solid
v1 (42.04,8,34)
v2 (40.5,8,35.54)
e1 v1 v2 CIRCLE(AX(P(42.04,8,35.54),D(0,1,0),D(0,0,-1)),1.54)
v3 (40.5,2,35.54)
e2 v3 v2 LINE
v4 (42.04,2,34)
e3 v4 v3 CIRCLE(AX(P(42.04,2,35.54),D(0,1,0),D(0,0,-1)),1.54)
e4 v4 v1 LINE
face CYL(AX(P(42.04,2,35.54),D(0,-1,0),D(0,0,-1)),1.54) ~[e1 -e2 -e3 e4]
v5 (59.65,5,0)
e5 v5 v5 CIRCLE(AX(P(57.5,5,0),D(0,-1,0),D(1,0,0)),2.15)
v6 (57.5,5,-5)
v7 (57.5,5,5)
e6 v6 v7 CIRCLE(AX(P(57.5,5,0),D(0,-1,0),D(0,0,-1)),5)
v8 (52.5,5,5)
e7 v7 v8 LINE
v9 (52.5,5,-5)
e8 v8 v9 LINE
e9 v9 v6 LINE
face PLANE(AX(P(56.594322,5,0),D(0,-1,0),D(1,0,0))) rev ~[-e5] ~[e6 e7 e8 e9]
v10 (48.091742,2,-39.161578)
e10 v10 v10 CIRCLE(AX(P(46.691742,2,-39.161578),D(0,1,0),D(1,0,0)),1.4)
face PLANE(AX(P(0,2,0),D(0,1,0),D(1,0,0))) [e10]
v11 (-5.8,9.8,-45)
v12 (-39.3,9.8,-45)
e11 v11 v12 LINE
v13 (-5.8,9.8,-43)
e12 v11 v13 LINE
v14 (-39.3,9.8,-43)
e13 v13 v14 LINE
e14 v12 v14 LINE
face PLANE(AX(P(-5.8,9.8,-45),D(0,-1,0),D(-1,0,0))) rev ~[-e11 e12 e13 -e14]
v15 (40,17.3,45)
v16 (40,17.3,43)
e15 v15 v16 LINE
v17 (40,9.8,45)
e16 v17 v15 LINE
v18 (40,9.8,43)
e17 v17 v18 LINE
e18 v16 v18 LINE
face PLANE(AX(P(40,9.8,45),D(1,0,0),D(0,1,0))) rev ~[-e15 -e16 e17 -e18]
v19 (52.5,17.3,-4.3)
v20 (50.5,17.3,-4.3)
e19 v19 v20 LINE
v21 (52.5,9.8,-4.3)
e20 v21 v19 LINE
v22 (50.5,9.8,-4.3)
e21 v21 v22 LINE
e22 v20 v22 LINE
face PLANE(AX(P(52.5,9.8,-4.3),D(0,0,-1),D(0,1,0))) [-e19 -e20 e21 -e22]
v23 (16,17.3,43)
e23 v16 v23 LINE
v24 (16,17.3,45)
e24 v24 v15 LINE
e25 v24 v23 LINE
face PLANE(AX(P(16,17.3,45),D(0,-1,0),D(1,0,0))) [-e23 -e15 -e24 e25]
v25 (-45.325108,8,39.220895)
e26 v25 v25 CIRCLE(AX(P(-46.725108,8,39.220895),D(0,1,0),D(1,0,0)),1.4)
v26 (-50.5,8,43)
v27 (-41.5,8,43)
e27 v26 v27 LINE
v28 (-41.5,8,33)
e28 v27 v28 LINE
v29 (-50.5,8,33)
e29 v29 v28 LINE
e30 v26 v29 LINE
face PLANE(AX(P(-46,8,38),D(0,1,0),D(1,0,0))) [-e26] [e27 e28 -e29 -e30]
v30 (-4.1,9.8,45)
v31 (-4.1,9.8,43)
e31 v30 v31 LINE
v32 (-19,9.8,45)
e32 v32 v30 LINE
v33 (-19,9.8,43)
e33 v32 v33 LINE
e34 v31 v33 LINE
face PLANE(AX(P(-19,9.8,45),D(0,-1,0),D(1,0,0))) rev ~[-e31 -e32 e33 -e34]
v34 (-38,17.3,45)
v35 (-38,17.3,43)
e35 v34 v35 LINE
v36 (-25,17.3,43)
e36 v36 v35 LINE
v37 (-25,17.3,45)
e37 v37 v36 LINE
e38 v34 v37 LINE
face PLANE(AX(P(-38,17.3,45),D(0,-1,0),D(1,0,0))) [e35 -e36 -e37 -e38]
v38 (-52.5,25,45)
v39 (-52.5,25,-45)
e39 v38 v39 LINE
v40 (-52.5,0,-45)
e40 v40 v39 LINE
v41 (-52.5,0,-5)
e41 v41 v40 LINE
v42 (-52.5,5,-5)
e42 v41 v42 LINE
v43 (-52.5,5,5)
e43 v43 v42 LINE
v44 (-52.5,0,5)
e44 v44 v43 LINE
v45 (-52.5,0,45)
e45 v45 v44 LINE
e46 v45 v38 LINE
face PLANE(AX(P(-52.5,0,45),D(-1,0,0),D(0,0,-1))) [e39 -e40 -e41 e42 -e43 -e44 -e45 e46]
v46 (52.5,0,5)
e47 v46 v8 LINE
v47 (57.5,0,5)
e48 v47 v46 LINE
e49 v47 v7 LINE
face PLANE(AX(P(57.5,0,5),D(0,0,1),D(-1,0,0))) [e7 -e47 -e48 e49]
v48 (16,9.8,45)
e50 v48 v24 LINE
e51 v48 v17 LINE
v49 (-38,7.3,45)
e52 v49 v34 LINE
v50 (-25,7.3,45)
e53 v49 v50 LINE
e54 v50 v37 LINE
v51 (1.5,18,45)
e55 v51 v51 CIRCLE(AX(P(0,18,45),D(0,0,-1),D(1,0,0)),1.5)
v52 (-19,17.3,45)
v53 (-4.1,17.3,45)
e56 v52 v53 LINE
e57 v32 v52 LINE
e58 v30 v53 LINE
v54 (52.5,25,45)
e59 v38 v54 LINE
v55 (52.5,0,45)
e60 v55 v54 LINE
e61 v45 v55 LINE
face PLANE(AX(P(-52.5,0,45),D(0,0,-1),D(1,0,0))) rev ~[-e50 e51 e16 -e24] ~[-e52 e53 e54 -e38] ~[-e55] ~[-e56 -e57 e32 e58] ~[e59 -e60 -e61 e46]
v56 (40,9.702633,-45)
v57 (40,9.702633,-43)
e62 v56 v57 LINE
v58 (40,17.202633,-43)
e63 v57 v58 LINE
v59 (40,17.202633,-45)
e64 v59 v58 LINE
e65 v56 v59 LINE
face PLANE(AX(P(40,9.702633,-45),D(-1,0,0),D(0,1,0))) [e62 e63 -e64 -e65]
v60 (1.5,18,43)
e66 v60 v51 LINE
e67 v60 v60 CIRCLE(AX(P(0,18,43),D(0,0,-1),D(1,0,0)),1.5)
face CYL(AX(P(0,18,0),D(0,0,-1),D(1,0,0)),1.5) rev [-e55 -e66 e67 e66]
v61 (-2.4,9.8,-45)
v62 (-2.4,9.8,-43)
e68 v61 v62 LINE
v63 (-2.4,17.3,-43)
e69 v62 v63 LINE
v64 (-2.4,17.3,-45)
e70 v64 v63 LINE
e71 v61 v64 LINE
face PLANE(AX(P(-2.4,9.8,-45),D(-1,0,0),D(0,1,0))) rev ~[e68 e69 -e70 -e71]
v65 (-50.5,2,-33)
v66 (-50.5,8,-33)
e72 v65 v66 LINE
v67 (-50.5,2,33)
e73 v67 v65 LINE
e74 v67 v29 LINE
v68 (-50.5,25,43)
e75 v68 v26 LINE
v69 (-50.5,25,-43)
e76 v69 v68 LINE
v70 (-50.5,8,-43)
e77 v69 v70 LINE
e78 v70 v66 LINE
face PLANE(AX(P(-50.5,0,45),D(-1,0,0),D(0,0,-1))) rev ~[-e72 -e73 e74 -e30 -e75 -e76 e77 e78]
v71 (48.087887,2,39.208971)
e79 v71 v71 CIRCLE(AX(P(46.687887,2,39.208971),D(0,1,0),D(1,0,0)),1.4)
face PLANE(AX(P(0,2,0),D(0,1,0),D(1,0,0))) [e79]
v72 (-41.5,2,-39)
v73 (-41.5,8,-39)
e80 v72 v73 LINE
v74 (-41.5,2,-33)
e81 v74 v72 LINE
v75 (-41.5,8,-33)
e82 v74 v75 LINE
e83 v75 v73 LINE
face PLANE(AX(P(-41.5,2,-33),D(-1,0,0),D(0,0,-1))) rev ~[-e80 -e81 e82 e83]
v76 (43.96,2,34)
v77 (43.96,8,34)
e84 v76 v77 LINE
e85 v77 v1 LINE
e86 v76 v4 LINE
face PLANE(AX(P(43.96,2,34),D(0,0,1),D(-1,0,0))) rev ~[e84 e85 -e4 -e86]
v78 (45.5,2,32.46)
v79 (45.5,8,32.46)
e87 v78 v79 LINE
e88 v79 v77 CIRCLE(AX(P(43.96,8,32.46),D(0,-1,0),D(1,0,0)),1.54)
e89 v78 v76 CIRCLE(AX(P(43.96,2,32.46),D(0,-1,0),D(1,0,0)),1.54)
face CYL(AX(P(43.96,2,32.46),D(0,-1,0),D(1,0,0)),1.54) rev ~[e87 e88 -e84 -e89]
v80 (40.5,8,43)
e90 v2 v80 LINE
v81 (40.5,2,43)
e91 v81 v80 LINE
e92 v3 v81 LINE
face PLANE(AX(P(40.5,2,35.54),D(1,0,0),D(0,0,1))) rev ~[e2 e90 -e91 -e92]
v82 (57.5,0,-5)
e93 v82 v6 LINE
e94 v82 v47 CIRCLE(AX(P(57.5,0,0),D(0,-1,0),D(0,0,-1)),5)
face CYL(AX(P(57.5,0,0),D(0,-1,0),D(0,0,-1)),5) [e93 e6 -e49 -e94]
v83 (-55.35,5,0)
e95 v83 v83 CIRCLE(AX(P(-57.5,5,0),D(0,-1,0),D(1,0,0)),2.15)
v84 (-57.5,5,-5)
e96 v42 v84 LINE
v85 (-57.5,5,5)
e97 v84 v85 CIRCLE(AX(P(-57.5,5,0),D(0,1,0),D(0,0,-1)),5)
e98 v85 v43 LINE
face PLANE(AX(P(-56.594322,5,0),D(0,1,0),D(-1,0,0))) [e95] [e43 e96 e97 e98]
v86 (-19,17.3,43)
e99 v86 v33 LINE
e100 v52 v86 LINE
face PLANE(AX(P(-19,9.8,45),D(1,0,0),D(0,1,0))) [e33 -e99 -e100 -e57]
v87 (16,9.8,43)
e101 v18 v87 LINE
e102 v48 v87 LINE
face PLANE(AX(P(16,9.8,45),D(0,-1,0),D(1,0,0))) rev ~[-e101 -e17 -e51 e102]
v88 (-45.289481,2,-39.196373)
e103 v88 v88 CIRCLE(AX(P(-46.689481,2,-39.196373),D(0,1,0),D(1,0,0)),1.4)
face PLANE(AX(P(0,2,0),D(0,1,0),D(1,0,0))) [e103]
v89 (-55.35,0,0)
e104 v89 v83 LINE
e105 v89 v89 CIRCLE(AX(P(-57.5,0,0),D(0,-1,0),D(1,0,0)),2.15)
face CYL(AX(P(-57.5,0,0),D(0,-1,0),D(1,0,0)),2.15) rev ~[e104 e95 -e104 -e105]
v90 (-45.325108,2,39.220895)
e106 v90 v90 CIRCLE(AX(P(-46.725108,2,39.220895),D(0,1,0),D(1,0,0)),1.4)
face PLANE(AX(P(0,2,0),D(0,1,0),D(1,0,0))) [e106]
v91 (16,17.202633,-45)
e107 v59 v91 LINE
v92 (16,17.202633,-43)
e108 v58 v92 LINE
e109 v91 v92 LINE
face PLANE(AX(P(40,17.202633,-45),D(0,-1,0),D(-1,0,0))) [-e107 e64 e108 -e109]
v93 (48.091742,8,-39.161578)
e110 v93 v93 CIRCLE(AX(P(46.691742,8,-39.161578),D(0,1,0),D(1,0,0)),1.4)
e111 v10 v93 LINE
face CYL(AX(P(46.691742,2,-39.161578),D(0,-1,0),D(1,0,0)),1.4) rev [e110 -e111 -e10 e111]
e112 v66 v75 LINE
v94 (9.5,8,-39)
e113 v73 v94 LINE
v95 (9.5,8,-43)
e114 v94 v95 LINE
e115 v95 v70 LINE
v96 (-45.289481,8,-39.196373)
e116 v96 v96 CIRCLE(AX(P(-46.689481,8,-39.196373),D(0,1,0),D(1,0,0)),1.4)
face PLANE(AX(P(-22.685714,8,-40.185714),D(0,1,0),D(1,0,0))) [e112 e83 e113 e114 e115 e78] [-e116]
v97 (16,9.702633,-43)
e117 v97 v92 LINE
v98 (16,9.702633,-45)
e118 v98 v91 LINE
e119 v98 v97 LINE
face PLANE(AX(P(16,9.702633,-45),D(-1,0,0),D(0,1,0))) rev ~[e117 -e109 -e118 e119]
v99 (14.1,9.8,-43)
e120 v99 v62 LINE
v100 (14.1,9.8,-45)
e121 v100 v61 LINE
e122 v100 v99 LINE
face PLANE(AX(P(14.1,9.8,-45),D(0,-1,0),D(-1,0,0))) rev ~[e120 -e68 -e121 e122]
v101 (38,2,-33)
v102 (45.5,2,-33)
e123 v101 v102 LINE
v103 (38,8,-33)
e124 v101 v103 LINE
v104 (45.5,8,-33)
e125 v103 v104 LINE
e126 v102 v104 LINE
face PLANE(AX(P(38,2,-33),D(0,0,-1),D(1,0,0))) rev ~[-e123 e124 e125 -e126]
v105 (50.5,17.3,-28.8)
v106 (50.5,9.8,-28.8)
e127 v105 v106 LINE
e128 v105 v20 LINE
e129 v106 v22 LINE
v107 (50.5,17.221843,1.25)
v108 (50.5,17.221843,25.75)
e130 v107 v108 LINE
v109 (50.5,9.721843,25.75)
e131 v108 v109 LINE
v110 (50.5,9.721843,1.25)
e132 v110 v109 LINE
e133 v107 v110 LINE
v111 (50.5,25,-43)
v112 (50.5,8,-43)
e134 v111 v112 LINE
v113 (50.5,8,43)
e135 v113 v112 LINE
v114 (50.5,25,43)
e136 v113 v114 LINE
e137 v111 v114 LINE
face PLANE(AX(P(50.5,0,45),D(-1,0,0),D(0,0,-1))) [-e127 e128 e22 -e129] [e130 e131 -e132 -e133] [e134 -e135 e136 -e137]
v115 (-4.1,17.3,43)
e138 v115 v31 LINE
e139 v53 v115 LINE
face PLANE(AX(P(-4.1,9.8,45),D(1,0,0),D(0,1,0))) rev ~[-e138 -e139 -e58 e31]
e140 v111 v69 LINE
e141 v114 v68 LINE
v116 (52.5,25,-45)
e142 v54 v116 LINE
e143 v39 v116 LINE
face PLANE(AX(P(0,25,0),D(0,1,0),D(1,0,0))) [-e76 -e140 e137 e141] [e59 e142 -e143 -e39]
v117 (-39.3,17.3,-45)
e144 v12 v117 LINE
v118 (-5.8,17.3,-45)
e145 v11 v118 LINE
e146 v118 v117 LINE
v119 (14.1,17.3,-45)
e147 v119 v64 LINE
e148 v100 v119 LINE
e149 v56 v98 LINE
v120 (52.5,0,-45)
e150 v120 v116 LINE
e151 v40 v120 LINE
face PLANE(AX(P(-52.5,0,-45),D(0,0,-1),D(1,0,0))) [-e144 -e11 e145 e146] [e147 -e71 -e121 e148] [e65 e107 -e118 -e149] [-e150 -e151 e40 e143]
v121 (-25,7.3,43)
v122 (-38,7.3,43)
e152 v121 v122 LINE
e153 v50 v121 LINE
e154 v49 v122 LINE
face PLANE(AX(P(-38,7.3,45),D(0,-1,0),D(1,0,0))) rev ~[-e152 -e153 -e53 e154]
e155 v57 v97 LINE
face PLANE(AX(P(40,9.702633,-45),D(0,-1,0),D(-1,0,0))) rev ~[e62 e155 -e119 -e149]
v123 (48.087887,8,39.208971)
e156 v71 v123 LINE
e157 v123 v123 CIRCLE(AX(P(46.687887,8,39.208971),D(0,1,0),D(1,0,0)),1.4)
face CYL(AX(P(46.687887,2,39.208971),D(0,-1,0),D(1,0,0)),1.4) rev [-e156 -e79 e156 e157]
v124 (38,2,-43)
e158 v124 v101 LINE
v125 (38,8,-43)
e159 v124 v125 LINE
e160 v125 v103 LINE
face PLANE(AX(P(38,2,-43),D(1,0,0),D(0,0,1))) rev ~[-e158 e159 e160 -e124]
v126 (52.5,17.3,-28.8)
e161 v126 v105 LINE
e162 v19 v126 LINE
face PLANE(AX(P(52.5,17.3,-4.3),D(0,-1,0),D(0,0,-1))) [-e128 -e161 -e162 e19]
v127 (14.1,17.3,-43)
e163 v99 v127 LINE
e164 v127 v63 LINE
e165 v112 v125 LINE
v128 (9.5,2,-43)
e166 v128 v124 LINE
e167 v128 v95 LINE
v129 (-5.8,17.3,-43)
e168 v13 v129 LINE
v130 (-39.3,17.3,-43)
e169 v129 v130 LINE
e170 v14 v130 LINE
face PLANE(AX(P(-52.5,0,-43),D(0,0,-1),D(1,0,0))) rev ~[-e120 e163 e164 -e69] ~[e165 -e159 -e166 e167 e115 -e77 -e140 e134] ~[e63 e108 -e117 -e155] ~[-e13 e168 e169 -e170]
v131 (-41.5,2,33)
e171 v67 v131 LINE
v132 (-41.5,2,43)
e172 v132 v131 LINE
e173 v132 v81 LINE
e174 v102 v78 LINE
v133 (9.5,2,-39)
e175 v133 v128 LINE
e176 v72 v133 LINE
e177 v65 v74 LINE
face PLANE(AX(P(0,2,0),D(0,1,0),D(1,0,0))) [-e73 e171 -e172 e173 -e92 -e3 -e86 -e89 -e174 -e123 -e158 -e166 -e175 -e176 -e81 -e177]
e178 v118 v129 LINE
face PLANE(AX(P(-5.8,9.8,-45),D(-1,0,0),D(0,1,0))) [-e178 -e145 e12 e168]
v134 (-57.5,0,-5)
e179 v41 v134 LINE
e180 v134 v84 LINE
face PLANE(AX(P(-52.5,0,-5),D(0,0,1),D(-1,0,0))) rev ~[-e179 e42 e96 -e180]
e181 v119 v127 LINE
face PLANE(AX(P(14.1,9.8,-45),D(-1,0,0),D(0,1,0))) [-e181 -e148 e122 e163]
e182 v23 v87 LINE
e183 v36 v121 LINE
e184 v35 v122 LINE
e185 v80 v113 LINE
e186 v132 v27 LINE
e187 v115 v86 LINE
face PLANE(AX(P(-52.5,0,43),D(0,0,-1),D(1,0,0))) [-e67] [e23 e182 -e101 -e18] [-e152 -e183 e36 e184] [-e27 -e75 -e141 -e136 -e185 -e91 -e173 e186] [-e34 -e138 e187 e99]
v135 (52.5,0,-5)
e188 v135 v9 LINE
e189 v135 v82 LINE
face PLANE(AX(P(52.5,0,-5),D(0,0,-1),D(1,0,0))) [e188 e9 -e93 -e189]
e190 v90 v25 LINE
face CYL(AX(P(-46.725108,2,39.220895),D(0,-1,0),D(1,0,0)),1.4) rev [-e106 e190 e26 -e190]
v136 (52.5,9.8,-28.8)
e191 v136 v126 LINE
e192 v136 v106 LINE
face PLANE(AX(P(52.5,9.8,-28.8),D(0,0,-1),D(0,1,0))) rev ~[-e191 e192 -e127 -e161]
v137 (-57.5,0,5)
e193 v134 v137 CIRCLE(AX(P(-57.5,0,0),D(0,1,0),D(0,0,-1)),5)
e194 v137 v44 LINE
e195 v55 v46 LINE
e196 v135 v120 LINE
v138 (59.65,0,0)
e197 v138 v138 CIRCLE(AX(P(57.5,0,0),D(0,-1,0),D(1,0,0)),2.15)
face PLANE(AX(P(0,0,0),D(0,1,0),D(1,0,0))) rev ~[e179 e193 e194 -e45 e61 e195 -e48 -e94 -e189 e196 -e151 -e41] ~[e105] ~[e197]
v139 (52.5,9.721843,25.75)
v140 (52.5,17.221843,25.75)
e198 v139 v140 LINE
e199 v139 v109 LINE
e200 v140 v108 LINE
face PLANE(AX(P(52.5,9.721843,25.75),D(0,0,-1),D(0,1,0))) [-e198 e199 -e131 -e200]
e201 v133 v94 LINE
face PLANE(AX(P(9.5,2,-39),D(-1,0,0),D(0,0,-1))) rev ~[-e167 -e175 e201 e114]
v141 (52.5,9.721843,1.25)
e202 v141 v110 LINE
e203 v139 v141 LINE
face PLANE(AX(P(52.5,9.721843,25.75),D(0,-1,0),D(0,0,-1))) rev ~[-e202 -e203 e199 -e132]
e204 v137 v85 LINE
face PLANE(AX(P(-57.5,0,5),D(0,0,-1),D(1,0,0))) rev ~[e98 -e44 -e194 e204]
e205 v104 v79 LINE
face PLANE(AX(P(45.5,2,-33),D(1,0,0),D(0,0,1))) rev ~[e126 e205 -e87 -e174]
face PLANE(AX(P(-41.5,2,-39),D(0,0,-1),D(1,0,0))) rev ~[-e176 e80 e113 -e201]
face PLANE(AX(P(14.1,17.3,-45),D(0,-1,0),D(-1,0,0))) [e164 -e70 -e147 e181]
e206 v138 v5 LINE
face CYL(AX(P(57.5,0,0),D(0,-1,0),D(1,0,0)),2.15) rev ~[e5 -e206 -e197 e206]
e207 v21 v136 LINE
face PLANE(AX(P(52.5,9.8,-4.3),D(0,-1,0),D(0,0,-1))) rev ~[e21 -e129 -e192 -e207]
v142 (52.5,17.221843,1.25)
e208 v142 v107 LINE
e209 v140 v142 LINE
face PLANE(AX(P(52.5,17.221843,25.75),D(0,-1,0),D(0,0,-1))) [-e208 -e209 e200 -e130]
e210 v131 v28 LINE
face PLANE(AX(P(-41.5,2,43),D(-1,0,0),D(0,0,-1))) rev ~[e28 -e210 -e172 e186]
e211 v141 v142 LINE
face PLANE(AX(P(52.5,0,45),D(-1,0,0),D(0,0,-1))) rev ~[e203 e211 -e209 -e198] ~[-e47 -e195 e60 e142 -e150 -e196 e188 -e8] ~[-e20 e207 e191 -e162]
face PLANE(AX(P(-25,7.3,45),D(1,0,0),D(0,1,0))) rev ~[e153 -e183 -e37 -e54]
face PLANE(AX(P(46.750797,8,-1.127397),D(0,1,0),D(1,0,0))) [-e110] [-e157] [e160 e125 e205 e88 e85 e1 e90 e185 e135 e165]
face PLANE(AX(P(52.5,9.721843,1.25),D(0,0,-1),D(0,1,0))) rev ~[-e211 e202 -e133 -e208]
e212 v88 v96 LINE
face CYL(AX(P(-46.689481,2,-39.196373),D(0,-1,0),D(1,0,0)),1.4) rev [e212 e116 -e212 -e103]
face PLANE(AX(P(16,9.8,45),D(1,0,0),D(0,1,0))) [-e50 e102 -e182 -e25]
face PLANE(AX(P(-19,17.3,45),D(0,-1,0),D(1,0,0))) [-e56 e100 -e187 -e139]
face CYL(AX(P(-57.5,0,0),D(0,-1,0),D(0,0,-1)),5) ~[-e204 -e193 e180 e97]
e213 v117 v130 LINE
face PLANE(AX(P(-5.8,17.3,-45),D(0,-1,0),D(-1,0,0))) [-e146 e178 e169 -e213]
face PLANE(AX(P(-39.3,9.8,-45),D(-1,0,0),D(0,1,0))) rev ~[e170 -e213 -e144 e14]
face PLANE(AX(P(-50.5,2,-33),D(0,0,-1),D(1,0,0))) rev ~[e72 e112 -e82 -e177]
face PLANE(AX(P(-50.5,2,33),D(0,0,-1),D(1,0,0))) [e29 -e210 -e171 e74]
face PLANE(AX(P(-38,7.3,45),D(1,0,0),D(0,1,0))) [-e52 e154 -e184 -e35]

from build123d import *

# Parameters (mm, degrees)
SKETCH_1_W          = 105
SKETCH_1_H          = 90
EXTRUDE_1_DEPTH     = 25
SHELL_1_T           = -2
SKETCH_8_R          = 2.15
EXTRUDE_3_DEPTH     = 5
SKETCH_3_W          = 24
SKETCH_3_H          = 7.5
SKETCH_3_W_2        = 14.9
CUT_EXTRUDE_2_DEPTH = 10
SKETCH_5_W          = 24.5
SKETCH_5_H          = 7.5
CUT_EXTRUDE_3_DEPTH = 10
SKETCH_7_W          = 33.5
SKETCH_7_H          = 7.5
SKETCH_7_W_2        = 16.5
SKETCH_7_W_3        = 24
CUT_EXTRUDE_4_DEPTH = 10
SKETCH_9_R          = 1.5
CUT_EXTRUDE_5_DEPTH = 50
SKETCH_2_R          = 1.4
SKETCH_2_W          = 9
SKETCH_2_H          = 10
EXTRUDE_6_DEPTH     = 6
SKETCH_3_8_W        = 24
SKETCH_3_8_H        = 7.5
SKETCH_3_8_W_2      = 14.9
SKETCH_3_8_W_3      = 13
SKETCH_3_8_H_2      = 10
CUT_EXTRUDE_6_DEPTH = 10


with BuildPart() as part:
    # 草图1 → 凸台-拉伸1 (new body)
    with BuildSketch(Plane(origin=(0, 0, 0), x_dir=(1, 0, 0), z_dir=(0, 1, 0))):
        Rectangle(SKETCH_1_W, SKETCH_1_H)
    extrude(amount=EXTRUDE_1_DEPTH)

    # 抽壳1
    shell_1_openings = [part.faces().sort_by_distance(p)[0] for p in [
        (0, 25, 0),
    ]]
    offset(amount=SHELL_1_T, openings=shell_1_openings, kind=Kind.INTERSECTION)

    # 草图8 → 凸台-拉伸3 (add)
    # profile 1 of 2: a face of its own
    with BuildSketch(Plane.XZ):
        with BuildLine():
            Line((-57.5, 5), (-52.5, 5))
            Line((-52.5, 5), (-52.5, -5))
            Line((-52.5, -5), (-57.5, -5))
            ThreePointArc((-57.5, -5), (-62.5, 0), (-57.5, 5))
        make_face()
        with Locations((-57.5, 0)):
            Circle(SKETCH_8_R, mode=Mode.SUBTRACT)
    # profile 2 of 2: a face of its own
    with BuildSketch(Plane.XZ):
        with BuildLine():
            Line((52.5, -5), (57.5, -5))
            ThreePointArc((57.5, -5), (62.5, 0), (57.5, 5))
            Line((57.5, 5), (52.5, 5))
            Line((52.5, 5), (52.5, -5))
        make_face()
        with Locations((57.5, 0)):
            Circle(SKETCH_8_R, mode=Mode.SUBTRACT)
    extrude(amount=-EXTRUDE_3_DEPTH)

    # 草图3 → 切除-拉伸2 (cut)
    with BuildSketch(Plane.XY.offset(45)):
        with Locations((28, 13.55)):
            Rectangle(SKETCH_3_W, SKETCH_3_H)
        with Locations((-11.55, 13.55)):
            Rectangle(SKETCH_3_W_2, SKETCH_3_H)
    extrude(amount=-CUT_EXTRUDE_2_DEPTH, mode=Mode.SUBTRACT)

    # 草图5 → 切除-拉伸3 (cut)
    with BuildSketch(Plane(origin=(52.5, 0, 0), x_dir=(0, 0, -1), z_dir=(1, 0, 0))):
        with Locations((16.55, 13.55)):
            Rectangle(SKETCH_5_W, SKETCH_5_H)
        with Locations((-13.5, 13.471843212)):
            Rectangle(SKETCH_5_W, SKETCH_5_H)
    extrude(amount=-CUT_EXTRUDE_3_DEPTH, mode=Mode.SUBTRACT)

    # 草图7 → 切除-拉伸4 (cut)
    with BuildSketch(Plane(origin=(0, 0, -45), x_dir=(-1, 0, 0), z_dir=(0, 0, -1))):
        with Locations((22.55, 13.55)):
            Rectangle(SKETCH_7_W, SKETCH_7_H)
        with Locations((-5.85, 13.55)):
            Rectangle(SKETCH_7_W_2, SKETCH_7_H)
        with Locations((-28, 13.452632976)):
            Rectangle(SKETCH_7_W_3, SKETCH_7_H)
    extrude(amount=-CUT_EXTRUDE_4_DEPTH, mode=Mode.SUBTRACT)

    # 草图9 → 切除-拉伸5 (cut)
    with BuildSketch(Plane.XY):
        with Locations((0, 18)):
            Circle(SKETCH_9_R)
    extrude(amount=CUT_EXTRUDE_5_DEPTH, mode=Mode.SUBTRACT)

    # 草图2 → 凸台-拉伸6 (add)
    # profile 1 of 3: a face of its own
    with BuildSketch(Plane(origin=(0, 2, 0), x_dir=(1, 0, 0), z_dir=(0, 1, 0))):
        Polygon((-41.5, 33), (-41.5, 39), (9.5, 39), (9.5, 43), (-50.5, 43), (-50.5, 33), align=None)
        with Locations((-46.689481309, 39.196373095)):
            Circle(SKETCH_2_R, mode=Mode.SUBTRACT)
    # profile 2 of 3: a face of its own
    with BuildSketch(Plane(origin=(0, 2, 0), x_dir=(1, 0, 0), z_dir=(0, 1, 0))):
        with Locations((-46, -38)):
            Rectangle(SKETCH_2_W, SKETCH_2_H)
        with Locations((-46.725108279, -39.220894808)):
            Circle(SKETCH_2_R, mode=Mode.SUBTRACT)
    # profile 3 of 3: a face of its own
    with BuildSketch(Plane(origin=(0, 2, 0), x_dir=(1, 0, 0), z_dir=(0, 1, 0))):
        with BuildLine():
            Line((50.5, 43), (38, 43))
            Line((38, 43), (38, 33))
            Line((38, 33), (45.5, 33))
            Line((45.5, 33), (45.5, -32.46))
            ThreePointArc((45.5, -32.46), (45.048944443, -33.548944443), (43.96, -34))
            Line((43.96, -34), (42.04, -34))
            ThreePointArc((42.04, -34), (40.951055557, -34.451055557), (40.5, -35.54))
            Line((40.5, -35.54), (40.5, -43))
            Line((40.5, -43), (50.5, -43))
            Line((50.5, -43), (50.5, 43))
        make_face()
        with Locations((46.687886977, -39.208970538)):
            Circle(SKETCH_2_R, mode=Mode.SUBTRACT)
        with Locations((46.691741848, 39.161577941)):
            Circle(SKETCH_2_R, mode=Mode.SUBTRACT)
    extrude(amount=EXTRUDE_6_DEPTH)

    # 草图3<8> → 切除-拉伸6 (cut)
    with BuildSketch(Plane.XY.offset(45)):
        with Locations((28, 13.55)):
            Rectangle(SKETCH_3_8_W, SKETCH_3_8_H)
        with Locations((-11.55, 13.55)):
            Rectangle(SKETCH_3_8_W_2, SKETCH_3_8_H)
        with Locations((-31.5, 12.3)):
            Rectangle(SKETCH_3_8_W_3, SKETCH_3_8_H_2)
    extrude(amount=-CUT_EXTRUDE_6_DEPTH, mode=Mode.SUBTRACT)


solid = part.part
